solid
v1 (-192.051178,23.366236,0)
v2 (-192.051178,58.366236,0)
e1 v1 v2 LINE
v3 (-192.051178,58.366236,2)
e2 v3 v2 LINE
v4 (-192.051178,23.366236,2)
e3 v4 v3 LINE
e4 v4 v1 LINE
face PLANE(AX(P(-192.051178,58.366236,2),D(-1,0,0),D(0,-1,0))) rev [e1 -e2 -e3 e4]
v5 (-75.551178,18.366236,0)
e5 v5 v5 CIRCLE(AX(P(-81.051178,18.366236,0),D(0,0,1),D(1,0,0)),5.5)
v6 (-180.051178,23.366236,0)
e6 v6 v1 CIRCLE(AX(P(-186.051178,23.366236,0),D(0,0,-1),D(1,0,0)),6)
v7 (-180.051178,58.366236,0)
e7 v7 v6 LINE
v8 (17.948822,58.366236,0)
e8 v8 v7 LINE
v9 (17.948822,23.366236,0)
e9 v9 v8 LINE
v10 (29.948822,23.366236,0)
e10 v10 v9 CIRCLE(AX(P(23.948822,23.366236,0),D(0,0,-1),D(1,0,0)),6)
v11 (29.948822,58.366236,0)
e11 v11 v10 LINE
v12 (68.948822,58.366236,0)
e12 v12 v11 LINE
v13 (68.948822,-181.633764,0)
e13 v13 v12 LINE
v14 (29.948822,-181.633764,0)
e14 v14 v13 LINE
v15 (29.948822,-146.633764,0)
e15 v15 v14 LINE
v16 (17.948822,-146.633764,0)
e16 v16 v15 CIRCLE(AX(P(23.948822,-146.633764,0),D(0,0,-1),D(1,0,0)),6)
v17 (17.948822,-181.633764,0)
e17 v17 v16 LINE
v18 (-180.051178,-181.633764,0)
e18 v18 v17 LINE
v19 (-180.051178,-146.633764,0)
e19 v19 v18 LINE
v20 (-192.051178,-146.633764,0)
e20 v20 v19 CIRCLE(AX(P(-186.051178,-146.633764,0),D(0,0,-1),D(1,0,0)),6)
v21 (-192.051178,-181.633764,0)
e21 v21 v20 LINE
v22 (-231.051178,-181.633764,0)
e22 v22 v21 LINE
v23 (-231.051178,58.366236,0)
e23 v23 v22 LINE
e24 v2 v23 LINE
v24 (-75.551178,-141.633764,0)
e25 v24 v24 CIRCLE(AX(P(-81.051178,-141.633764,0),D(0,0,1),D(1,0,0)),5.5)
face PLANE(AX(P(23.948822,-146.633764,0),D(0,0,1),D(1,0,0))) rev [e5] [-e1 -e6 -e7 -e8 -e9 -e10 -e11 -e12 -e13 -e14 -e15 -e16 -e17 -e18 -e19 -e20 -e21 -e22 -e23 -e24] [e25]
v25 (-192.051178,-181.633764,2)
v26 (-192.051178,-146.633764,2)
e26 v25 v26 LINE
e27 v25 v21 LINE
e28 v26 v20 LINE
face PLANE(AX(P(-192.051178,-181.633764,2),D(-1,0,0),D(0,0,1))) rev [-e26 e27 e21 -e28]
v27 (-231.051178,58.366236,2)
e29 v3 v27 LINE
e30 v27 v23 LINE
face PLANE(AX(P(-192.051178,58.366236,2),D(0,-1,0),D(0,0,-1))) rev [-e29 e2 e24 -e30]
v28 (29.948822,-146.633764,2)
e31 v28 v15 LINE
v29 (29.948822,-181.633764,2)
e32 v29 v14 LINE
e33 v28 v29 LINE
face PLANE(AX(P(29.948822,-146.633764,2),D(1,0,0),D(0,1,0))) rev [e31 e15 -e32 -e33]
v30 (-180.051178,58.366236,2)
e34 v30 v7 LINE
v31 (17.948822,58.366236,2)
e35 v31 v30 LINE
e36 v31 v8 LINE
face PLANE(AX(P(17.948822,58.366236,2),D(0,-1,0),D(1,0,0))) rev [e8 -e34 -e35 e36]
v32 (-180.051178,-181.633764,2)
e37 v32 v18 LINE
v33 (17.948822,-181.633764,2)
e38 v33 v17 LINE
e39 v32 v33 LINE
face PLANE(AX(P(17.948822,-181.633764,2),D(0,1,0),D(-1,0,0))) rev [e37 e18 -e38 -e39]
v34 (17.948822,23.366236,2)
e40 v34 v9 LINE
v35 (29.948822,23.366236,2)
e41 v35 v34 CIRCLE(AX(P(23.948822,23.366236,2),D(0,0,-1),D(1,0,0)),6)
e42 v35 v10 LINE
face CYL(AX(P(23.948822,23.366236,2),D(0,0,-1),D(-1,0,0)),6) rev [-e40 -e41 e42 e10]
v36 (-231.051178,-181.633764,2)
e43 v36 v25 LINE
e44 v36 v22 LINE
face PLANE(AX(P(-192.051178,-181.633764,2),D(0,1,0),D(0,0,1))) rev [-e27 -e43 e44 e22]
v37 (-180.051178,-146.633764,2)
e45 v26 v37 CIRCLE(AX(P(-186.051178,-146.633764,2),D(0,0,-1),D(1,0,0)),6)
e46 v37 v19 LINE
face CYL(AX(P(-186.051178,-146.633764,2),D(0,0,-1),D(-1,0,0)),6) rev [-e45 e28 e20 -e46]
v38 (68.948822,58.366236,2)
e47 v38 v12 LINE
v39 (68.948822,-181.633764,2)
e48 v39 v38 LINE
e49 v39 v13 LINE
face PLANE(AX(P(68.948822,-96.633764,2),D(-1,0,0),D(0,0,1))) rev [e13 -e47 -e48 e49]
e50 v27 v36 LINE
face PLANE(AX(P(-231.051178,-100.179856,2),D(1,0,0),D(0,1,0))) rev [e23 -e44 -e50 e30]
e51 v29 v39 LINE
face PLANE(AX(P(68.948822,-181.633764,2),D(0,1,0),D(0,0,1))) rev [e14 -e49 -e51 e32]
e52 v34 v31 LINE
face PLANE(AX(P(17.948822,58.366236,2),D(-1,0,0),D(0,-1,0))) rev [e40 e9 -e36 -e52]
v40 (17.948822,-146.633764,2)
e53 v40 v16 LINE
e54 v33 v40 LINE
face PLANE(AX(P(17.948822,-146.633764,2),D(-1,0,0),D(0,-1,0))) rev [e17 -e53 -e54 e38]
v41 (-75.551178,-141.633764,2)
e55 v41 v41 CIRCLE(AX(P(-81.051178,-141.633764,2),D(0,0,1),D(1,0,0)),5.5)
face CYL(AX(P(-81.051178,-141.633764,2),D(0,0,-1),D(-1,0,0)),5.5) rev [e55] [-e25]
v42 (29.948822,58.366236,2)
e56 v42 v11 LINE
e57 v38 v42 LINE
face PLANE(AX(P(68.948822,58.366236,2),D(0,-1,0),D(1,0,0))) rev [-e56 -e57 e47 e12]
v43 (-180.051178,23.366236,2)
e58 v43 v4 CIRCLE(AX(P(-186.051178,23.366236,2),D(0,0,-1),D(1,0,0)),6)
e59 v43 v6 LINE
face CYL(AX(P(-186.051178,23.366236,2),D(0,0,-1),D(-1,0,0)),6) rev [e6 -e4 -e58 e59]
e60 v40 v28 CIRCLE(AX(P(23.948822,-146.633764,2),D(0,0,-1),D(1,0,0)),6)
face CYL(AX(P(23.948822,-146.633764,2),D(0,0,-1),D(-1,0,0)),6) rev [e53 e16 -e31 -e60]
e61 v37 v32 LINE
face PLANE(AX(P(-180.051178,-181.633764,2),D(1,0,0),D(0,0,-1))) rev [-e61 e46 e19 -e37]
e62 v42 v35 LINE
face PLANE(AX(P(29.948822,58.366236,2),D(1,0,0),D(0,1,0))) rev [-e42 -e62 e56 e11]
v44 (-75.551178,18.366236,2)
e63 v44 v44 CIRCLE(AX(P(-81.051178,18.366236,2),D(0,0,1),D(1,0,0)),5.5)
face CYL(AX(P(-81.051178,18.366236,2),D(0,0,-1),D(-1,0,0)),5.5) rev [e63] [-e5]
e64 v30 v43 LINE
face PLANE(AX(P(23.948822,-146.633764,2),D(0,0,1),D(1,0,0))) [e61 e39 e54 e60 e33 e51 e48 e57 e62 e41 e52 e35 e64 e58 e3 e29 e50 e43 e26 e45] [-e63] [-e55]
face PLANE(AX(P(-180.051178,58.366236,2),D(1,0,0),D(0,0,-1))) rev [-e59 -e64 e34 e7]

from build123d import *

# Parameters (mm, degrees)
SKETCH1_R               = 5.5
SKETCH1_R_2             = 3.25
BOSS_EXTRUDE1_DEPTH     = 2
CUT_EXTRUDE1_DEPTH      = 319.029152687
CUT_EXTRUDE1_DEPTH_BACK = 319.029152687
SKETCH2_W               = 30
SKETCH2_H               = 70
CUT_EXTRUDE2_DEPTH      = 319.029152687
CUT_EXTRUDE2_DEPTH_BACK = 319.029152687
SKETCH3_W               = 30
SKETCH3_H               = 70


with BuildPart() as part:
    # Sketch1 → Boss-Extrude1 (new body)
    with BuildSketch(Plane.XY):
        with BuildLine():
            Line((68.948821818, -26.633764286), (98.948821818, -26.633764286))
            Line((98.948821818, -26.633764286), (98.948821818, -96.633764286))
            Line((98.948821818, -96.633764286), (68.948821818, -96.633764286))
            Line((68.948821818, -96.633764286), (68.948821818, -181.633764286))
            Line((68.948821818, -181.633764286), (29.948821818, -181.633764286))
            Line((29.948821818, -181.633764286), (29.948821818, -146.633764286))
            ThreePointArc((29.948821818, -146.633764286), (23.948821818, -140.633764286), (17.948821818, -146.633764286))
            Line((17.948821818, -146.633764286), (17.948821818, -181.633764286))
            Line((17.948821818, -181.633764286), (-180.051178182, -181.633764286))
            Line((-180.051178182, -181.633764286), (-180.051178182, -146.633764286))
            ThreePointArc((-180.051178182, -146.633764286), (-186.051178182, -140.633764286), (-192.051178182, -146.633764286))
            Line((-192.051178182, -146.633764286), (-192.051178182, -181.633764286))
            Line((-192.051178182, -181.633764286), (-231.051178182, -181.633764286))
            Line((-231.051178182, -181.633764286), (-231.051178182, -100.179856115))
            Line((-231.051178182, -100.179856115), (-261.051178182, -100.179856115))
            Line((-261.051178182, -100.179856115), (-261.051178182, -30.179856115))
            Line((-261.051178182, -30.179856115), (-231.051178182, -30.179856115))
            Line((-231.051178182, -30.179856115), (-231.051178182, 58.366235714))
            Line((-231.051178182, 58.366235714), (-192.051178182, 58.366235714))
            Line((-192.051178182, 58.366235714), (-192.051178182, 23.366235714))
            ThreePointArc((-192.051178182, 23.366235714), (-186.051178182, 17.366235714), (-180.051178182, 23.366235714))
            Line((-180.051178182, 23.366235714), (-180.051178182, 58.366235714))
            Line((-180.051178182, 58.366235714), (17.948821818, 58.366235714))
            Line((17.948821818, 58.366235714), (17.948821818, 23.366235714))
            ThreePointArc((17.948821818, 23.366235714), (23.948821818, 17.366235714), (29.948821818, 23.366235714))
            Line((29.948821818, 23.366235714), (29.948821818, 58.366235714))
            Line((29.948821818, 58.366235714), (68.948821818, 58.366235714))
            Line((68.948821818, 58.366235714), (68.948821818, -26.633764286))
        make_face()
        with Locations((-81.051178182, -141.633764286)):
            Circle(SKETCH1_R, mode=Mode.SUBTRACT)
        with Locations((-81.051178182, 18.366235714)):
            Circle(SKETCH1_R, mode=Mode.SUBTRACT)
        with Locations((83.948821818, -61.633764286)):
            Circle(SKETCH1_R_2, mode=Mode.SUBTRACT)
        with Locations((-246.051178182, -65.179856115)):
            Circle(SKETCH1_R_2, mode=Mode.SUBTRACT)
    extrude(amount=BOSS_EXTRUDE1_DEPTH)

    # Sketch2 → Cut-Extrude1 (cut, two sides: drawn at the far end of the back side and taken through both)
    with BuildSketch(Plane.XY.offset(2).offset(-CUT_EXTRUDE1_DEPTH_BACK)):
        with Locations((83.948821818, -61.633764286)):
            Rectangle(SKETCH2_W, SKETCH2_H)
    extrude(amount=CUT_EXTRUDE1_DEPTH + CUT_EXTRUDE1_DEPTH_BACK, mode=Mode.SUBTRACT)

    # Sketch3 → Cut-Extrude2 (cut, two sides: drawn at the far end of the back side and taken through both)
    with BuildSketch(Plane.XY.offset(2).offset(-CUT_EXTRUDE2_DEPTH_BACK)):
        with Locations((-246.051178182, -65.179856115)):
            Rectangle(SKETCH3_W, SKETCH3_H)
    extrude(amount=CUT_EXTRUDE2_DEPTH + CUT_EXTRUDE2_DEPTH_BACK, mode=Mode.SUBTRACT)


solid = part.part
